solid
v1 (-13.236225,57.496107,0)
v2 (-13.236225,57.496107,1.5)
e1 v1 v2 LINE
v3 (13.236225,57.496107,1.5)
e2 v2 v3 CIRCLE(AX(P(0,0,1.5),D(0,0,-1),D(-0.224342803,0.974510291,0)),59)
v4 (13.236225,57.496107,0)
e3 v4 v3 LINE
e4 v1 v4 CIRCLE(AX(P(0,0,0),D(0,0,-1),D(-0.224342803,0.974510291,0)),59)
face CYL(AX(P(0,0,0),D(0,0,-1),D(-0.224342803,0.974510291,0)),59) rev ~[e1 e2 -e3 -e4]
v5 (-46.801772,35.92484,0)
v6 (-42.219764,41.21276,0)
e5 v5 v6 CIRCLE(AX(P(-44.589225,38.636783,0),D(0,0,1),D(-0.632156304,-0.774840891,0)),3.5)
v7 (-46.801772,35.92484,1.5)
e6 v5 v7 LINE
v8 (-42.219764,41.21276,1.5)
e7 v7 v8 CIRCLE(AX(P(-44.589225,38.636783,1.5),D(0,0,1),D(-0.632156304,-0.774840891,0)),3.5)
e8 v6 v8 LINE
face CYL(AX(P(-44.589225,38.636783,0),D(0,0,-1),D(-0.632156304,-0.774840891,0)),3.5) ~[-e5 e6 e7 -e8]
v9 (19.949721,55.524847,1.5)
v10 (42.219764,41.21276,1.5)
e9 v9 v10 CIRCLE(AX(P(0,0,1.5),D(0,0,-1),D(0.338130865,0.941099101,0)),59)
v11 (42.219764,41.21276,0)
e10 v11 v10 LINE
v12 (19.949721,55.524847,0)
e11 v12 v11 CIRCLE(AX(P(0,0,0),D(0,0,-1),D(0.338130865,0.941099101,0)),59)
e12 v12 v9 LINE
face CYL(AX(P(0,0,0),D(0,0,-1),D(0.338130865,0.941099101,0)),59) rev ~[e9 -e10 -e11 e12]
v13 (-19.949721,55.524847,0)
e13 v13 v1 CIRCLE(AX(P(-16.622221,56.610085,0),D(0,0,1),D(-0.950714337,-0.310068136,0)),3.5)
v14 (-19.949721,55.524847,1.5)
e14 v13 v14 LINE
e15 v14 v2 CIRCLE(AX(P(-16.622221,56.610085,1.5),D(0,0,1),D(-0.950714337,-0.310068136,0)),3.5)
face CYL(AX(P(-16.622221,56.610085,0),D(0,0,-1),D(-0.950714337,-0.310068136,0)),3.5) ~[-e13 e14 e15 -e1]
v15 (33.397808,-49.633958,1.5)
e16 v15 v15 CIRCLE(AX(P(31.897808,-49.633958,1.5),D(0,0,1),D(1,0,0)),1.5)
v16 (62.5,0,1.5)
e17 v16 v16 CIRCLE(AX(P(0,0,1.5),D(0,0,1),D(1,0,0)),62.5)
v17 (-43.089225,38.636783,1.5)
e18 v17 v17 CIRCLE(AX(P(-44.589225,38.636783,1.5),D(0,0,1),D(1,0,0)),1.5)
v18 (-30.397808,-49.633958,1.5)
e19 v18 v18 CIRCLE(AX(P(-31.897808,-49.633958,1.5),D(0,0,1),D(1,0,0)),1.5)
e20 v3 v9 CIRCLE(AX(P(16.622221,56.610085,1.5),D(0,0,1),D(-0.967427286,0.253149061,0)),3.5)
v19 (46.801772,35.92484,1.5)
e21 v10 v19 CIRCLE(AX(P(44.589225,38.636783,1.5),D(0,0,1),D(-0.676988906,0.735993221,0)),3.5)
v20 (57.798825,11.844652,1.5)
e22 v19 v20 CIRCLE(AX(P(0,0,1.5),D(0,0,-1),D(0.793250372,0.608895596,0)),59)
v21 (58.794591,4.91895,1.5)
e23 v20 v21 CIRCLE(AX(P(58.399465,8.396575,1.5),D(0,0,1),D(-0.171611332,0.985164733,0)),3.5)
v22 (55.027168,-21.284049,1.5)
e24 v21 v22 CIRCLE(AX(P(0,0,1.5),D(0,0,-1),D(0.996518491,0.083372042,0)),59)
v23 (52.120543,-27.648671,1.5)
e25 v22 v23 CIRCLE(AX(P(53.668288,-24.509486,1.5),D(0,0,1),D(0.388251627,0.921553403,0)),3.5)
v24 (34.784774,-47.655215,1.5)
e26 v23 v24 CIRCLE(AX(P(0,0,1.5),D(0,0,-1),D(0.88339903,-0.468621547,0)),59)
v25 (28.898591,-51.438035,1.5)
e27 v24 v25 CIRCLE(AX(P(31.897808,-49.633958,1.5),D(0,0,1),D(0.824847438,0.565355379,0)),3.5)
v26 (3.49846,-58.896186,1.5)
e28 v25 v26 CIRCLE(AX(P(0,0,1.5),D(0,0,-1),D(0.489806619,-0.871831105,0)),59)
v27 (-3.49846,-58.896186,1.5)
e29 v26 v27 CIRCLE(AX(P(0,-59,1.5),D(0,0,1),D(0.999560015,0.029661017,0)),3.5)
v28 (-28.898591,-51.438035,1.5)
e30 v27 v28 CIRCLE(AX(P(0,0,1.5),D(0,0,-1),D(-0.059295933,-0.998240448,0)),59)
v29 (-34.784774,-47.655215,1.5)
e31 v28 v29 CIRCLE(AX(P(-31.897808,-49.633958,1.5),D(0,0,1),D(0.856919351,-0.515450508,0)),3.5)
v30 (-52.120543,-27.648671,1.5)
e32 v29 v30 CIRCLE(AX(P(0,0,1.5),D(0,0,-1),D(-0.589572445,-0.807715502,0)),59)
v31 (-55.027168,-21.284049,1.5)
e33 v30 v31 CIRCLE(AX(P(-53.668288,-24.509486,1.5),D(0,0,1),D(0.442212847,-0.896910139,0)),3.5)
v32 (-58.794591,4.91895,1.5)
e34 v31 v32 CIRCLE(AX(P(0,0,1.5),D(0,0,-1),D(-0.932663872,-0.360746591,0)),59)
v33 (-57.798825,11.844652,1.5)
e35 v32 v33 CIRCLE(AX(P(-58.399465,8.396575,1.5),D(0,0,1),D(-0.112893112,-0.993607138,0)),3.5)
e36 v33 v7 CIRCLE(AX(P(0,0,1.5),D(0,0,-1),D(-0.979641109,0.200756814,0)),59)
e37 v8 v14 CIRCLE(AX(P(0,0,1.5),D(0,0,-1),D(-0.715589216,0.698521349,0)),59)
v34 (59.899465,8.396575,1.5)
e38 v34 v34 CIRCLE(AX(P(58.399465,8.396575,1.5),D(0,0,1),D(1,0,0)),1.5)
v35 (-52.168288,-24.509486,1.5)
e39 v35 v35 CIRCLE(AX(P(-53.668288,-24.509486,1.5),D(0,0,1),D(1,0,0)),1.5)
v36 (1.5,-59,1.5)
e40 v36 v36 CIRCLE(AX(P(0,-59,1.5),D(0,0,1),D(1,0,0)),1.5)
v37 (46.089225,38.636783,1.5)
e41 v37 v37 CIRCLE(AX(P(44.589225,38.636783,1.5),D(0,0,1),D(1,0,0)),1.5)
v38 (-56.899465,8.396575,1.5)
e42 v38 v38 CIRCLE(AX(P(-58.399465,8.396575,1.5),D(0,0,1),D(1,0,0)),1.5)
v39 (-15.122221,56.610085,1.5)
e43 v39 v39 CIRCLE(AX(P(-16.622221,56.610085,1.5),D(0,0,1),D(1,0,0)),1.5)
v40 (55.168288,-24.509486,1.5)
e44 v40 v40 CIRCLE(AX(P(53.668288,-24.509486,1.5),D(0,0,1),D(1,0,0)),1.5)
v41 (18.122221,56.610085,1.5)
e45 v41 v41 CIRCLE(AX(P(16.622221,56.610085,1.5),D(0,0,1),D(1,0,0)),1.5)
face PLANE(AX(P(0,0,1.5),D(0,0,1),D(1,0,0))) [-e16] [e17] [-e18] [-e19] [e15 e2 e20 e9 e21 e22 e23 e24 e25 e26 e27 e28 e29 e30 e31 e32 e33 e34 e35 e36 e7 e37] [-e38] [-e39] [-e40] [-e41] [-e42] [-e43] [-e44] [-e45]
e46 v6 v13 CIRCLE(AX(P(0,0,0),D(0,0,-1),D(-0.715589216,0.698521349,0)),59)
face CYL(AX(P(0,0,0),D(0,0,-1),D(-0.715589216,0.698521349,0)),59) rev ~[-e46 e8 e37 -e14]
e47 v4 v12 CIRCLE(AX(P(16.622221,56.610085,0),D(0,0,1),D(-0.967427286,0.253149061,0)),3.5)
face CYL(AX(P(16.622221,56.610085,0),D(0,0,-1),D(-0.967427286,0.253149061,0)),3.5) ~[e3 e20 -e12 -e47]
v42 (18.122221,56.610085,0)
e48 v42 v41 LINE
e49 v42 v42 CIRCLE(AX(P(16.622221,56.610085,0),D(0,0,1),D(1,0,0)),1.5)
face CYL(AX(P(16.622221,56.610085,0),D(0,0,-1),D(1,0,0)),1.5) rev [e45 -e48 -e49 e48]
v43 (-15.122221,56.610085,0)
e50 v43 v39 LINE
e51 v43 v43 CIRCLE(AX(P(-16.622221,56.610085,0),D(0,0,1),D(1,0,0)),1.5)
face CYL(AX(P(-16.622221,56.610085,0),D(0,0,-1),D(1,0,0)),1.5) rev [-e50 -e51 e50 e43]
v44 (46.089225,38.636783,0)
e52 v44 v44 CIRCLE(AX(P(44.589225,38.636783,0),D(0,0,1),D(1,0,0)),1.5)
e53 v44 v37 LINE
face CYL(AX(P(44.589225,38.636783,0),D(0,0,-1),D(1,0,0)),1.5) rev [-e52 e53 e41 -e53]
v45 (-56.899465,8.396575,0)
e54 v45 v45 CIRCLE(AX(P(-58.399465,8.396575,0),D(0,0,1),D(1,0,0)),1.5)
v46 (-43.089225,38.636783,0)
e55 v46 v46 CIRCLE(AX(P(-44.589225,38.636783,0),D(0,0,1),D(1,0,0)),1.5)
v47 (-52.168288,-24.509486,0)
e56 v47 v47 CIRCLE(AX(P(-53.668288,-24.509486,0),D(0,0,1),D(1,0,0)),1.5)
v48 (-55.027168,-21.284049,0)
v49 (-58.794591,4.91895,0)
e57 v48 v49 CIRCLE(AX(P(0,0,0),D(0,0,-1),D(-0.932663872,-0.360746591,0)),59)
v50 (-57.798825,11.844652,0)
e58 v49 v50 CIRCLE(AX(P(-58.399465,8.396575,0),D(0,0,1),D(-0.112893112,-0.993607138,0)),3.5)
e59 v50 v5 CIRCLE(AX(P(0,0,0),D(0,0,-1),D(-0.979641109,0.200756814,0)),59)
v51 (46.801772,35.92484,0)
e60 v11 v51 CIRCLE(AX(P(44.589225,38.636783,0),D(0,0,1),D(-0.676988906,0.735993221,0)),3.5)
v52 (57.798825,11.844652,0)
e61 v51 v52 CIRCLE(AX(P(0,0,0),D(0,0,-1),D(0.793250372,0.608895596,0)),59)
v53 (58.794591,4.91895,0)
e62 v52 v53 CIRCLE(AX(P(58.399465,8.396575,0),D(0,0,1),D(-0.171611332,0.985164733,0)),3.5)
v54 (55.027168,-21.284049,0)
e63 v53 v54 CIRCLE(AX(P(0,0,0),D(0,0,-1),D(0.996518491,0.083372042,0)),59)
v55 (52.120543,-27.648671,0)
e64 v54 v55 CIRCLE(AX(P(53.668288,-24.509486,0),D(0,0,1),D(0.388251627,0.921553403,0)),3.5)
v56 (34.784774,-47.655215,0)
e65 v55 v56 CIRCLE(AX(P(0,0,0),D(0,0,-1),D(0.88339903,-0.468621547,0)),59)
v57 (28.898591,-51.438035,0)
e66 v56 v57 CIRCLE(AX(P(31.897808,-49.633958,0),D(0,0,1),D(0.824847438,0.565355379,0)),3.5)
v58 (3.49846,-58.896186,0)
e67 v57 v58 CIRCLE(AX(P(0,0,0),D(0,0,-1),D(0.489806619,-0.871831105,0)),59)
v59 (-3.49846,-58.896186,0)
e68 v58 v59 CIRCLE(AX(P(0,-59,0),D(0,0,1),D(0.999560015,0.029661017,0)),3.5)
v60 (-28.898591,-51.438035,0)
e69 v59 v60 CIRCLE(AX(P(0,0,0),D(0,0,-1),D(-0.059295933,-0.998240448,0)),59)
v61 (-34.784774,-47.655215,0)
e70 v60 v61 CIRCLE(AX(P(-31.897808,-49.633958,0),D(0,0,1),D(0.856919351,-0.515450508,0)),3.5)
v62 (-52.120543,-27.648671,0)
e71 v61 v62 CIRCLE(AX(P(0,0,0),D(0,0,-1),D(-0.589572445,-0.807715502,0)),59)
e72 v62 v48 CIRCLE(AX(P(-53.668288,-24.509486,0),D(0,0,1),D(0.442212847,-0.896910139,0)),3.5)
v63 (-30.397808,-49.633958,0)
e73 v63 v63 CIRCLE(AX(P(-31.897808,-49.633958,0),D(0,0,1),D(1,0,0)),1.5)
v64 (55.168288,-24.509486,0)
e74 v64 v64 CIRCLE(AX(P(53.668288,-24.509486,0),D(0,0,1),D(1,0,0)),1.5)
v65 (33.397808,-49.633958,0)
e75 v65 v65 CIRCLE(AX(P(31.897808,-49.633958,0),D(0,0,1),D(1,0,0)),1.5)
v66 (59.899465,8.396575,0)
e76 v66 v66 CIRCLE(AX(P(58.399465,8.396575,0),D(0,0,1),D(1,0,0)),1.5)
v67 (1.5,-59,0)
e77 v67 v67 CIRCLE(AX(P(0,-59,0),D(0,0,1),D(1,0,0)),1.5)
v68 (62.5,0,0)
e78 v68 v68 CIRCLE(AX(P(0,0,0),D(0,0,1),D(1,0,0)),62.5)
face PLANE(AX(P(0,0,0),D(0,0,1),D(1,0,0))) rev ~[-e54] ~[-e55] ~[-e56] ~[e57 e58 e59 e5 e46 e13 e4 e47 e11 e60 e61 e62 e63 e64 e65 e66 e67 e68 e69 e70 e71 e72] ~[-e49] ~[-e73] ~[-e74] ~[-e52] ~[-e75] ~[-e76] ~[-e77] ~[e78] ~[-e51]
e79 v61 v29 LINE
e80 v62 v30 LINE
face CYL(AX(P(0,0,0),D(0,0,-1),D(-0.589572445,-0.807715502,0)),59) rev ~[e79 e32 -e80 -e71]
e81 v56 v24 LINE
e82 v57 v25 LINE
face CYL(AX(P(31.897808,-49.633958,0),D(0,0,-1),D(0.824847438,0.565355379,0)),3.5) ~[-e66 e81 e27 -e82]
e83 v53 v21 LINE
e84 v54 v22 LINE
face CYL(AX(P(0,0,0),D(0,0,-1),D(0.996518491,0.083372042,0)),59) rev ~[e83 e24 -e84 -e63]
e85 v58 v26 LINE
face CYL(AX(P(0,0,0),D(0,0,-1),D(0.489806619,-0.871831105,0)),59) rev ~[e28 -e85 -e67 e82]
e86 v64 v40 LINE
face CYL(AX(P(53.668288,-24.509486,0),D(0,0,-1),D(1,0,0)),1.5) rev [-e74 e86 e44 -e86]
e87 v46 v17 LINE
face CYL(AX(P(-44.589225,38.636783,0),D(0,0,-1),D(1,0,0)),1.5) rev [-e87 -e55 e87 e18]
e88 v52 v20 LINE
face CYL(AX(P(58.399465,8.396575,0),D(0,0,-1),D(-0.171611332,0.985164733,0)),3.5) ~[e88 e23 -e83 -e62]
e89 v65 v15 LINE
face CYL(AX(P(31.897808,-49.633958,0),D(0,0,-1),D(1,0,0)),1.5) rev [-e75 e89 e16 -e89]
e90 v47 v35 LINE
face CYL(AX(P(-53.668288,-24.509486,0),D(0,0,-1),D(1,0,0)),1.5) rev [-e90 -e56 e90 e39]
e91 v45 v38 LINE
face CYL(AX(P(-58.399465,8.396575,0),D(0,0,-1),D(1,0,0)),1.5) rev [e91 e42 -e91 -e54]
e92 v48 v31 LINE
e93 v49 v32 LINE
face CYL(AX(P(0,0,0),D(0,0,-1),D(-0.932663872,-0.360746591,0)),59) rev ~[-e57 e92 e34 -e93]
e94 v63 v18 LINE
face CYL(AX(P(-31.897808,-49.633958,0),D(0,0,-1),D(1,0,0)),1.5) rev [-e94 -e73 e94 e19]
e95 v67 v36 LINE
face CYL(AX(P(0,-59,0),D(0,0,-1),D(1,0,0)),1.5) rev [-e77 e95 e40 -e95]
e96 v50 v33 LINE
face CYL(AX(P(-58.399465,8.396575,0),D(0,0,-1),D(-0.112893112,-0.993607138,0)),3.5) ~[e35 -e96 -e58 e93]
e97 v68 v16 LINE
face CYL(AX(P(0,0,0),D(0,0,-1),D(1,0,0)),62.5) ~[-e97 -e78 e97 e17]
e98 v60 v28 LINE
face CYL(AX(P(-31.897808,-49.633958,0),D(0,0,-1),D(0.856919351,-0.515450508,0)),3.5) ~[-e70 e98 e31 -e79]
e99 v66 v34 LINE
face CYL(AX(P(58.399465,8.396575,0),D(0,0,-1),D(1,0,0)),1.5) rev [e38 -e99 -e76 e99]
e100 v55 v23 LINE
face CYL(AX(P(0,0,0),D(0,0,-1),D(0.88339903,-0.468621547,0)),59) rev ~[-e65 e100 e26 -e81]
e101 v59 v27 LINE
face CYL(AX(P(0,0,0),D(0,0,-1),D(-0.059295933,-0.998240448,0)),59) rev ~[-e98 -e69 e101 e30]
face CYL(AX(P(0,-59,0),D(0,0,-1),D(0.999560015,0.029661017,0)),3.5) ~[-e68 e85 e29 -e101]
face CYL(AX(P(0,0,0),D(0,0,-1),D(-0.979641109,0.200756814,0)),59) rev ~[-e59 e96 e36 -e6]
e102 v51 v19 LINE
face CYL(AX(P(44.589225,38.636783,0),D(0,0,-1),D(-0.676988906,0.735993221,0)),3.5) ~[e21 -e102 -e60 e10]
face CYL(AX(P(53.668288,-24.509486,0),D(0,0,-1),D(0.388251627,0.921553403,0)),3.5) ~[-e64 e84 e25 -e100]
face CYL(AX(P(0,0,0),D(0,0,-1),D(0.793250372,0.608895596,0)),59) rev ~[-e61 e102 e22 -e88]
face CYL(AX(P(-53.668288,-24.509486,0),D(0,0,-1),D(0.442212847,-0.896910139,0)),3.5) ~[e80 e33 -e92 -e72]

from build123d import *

# Parameters (mm, degrees)
SKETCH_1_R      = 62.5
SKETCH_1_R_2    = 1.5
EXTRUDE_1_DEPTH = 1.5


with BuildPart() as part:
    # 草图1 → 凸台-拉伸1 (new body)
    with BuildSketch(Plane.XY):
        Circle(SKETCH_1_R)
        with Locations((0, -59)):
            Circle(SKETCH_1_R_2, mode=Mode.SUBTRACT)
        with Locations((-31.89780823, -49.633958437)):
            Circle(SKETCH_1_R_2, mode=Mode.SUBTRACT)
        with Locations((-53.668287726, -24.509485767)):
            Circle(SKETCH_1_R_2, mode=Mode.SUBTRACT)
        with Locations((-58.399465071, 8.396575458)):
            Circle(SKETCH_1_R_2, mode=Mode.SUBTRACT)
        with Locations((-44.589224887, 38.636783303)):
            Circle(SKETCH_1_R_2, mode=Mode.SUBTRACT)
        with Locations((-16.622220854, 56.610085443)):
            Circle(SKETCH_1_R_2, mode=Mode.SUBTRACT)
        with Locations((16.622220854, 56.610085443)):
            Circle(SKETCH_1_R_2, mode=Mode.SUBTRACT)
        with Locations((44.589224887, 38.636783303)):
            Circle(SKETCH_1_R_2, mode=Mode.SUBTRACT)
        with Locations((58.399465071, 8.396575458)):
            Circle(SKETCH_1_R_2, mode=Mode.SUBTRACT)
        with Locations((53.668287726, -24.509485767)):
            Circle(SKETCH_1_R_2, mode=Mode.SUBTRACT)
        with Locations((31.89780823, -49.633958437)):
            Circle(SKETCH_1_R_2, mode=Mode.SUBTRACT)
        with BuildLine():
            ThreePointArc((3.498460053, -58.896186441), (0, -55.5), (-3.498460053, -58.896186441))
            ThreePointArc((-3.498460053, -58.896186441), (-16.622220854, -56.610085443), (-28.898590503, -51.438035217))
            ThreePointArc((-28.898590503, -51.438035217), (-30.005565369, -46.689571072), (-34.784774262, -47.65521461))
            ThreePointArc((-34.784774262, -47.65521461), (-44.589224887, -38.636783303), (-52.120542762, -27.648671255))
            ThreePointArc((-52.120542762, -27.648671255), (-50.484575742, -23.055533222), (-55.027168419, -21.284048857))
            ThreePointArc((-55.027168419, -21.284048857), (-58.399465071, -8.396575458), (-58.794590961, 4.918950474))
            ThreePointArc((-58.794590961, 4.918950474), (-54.935090024, 7.898473524), (-57.798825407, 11.844652023))
            ThreePointArc((-57.798825407, 11.844652023), (-53.668287726, 24.509485767), (-46.801771952, 35.924840183))
            ThreePointArc((-46.801771952, 35.924840183), (-41.944101377, 36.344770734), (-42.219763715, 41.212759575))
            ThreePointArc((-42.219763715, 41.212759575), (-31.89780823, 49.633958437), (-19.949721034, 55.524846967))
            ThreePointArc((-19.949721034, 55.524846967), (-15.636156905, 53.251860036), (-13.236225354, 57.496107158))
            ThreePointArc((-13.236225354, 57.496107158), (0, 59), (13.236225354, 57.496107158))
            ThreePointArc((13.236225354, 57.496107158), (15.636156905, 53.251860036), (19.949721034, 55.524846967))
            ThreePointArc((19.949721034, 55.524846967), (31.89780823, 49.633958437), (42.219763715, 41.212759575))
            ThreePointArc((42.219763715, 41.212759575), (41.944101377, 36.344770734), (46.801771952, 35.924840183))
            ThreePointArc((46.801771952, 35.924840183), (53.668287726, 24.509485767), (57.798825407, 11.844652023))
            ThreePointArc((57.798825407, 11.844652023), (54.935090024, 7.898473524), (58.794590961, 4.918950474))
            ThreePointArc((58.794590961, 4.918950474), (58.399465071, -8.396575458), (55.027168419, -21.284048857))
            ThreePointArc((55.027168419, -21.284048857), (50.484575742, -23.055533222), (52.120542762, -27.648671255))
            ThreePointArc((52.120542762, -27.648671255), (44.589224887, -38.636783303), (34.784774262, -47.65521461))
            ThreePointArc((34.784774262, -47.65521461), (30.005565369, -46.689571072), (28.898590503, -51.438035217))
            ThreePointArc((28.898590503, -51.438035217), (16.622220854, -56.610085443), (3.498460053, -58.896186441))
        make_face(mode=Mode.SUBTRACT)
    extrude(amount=EXTRUDE_1_DEPTH)


solid = part.part
